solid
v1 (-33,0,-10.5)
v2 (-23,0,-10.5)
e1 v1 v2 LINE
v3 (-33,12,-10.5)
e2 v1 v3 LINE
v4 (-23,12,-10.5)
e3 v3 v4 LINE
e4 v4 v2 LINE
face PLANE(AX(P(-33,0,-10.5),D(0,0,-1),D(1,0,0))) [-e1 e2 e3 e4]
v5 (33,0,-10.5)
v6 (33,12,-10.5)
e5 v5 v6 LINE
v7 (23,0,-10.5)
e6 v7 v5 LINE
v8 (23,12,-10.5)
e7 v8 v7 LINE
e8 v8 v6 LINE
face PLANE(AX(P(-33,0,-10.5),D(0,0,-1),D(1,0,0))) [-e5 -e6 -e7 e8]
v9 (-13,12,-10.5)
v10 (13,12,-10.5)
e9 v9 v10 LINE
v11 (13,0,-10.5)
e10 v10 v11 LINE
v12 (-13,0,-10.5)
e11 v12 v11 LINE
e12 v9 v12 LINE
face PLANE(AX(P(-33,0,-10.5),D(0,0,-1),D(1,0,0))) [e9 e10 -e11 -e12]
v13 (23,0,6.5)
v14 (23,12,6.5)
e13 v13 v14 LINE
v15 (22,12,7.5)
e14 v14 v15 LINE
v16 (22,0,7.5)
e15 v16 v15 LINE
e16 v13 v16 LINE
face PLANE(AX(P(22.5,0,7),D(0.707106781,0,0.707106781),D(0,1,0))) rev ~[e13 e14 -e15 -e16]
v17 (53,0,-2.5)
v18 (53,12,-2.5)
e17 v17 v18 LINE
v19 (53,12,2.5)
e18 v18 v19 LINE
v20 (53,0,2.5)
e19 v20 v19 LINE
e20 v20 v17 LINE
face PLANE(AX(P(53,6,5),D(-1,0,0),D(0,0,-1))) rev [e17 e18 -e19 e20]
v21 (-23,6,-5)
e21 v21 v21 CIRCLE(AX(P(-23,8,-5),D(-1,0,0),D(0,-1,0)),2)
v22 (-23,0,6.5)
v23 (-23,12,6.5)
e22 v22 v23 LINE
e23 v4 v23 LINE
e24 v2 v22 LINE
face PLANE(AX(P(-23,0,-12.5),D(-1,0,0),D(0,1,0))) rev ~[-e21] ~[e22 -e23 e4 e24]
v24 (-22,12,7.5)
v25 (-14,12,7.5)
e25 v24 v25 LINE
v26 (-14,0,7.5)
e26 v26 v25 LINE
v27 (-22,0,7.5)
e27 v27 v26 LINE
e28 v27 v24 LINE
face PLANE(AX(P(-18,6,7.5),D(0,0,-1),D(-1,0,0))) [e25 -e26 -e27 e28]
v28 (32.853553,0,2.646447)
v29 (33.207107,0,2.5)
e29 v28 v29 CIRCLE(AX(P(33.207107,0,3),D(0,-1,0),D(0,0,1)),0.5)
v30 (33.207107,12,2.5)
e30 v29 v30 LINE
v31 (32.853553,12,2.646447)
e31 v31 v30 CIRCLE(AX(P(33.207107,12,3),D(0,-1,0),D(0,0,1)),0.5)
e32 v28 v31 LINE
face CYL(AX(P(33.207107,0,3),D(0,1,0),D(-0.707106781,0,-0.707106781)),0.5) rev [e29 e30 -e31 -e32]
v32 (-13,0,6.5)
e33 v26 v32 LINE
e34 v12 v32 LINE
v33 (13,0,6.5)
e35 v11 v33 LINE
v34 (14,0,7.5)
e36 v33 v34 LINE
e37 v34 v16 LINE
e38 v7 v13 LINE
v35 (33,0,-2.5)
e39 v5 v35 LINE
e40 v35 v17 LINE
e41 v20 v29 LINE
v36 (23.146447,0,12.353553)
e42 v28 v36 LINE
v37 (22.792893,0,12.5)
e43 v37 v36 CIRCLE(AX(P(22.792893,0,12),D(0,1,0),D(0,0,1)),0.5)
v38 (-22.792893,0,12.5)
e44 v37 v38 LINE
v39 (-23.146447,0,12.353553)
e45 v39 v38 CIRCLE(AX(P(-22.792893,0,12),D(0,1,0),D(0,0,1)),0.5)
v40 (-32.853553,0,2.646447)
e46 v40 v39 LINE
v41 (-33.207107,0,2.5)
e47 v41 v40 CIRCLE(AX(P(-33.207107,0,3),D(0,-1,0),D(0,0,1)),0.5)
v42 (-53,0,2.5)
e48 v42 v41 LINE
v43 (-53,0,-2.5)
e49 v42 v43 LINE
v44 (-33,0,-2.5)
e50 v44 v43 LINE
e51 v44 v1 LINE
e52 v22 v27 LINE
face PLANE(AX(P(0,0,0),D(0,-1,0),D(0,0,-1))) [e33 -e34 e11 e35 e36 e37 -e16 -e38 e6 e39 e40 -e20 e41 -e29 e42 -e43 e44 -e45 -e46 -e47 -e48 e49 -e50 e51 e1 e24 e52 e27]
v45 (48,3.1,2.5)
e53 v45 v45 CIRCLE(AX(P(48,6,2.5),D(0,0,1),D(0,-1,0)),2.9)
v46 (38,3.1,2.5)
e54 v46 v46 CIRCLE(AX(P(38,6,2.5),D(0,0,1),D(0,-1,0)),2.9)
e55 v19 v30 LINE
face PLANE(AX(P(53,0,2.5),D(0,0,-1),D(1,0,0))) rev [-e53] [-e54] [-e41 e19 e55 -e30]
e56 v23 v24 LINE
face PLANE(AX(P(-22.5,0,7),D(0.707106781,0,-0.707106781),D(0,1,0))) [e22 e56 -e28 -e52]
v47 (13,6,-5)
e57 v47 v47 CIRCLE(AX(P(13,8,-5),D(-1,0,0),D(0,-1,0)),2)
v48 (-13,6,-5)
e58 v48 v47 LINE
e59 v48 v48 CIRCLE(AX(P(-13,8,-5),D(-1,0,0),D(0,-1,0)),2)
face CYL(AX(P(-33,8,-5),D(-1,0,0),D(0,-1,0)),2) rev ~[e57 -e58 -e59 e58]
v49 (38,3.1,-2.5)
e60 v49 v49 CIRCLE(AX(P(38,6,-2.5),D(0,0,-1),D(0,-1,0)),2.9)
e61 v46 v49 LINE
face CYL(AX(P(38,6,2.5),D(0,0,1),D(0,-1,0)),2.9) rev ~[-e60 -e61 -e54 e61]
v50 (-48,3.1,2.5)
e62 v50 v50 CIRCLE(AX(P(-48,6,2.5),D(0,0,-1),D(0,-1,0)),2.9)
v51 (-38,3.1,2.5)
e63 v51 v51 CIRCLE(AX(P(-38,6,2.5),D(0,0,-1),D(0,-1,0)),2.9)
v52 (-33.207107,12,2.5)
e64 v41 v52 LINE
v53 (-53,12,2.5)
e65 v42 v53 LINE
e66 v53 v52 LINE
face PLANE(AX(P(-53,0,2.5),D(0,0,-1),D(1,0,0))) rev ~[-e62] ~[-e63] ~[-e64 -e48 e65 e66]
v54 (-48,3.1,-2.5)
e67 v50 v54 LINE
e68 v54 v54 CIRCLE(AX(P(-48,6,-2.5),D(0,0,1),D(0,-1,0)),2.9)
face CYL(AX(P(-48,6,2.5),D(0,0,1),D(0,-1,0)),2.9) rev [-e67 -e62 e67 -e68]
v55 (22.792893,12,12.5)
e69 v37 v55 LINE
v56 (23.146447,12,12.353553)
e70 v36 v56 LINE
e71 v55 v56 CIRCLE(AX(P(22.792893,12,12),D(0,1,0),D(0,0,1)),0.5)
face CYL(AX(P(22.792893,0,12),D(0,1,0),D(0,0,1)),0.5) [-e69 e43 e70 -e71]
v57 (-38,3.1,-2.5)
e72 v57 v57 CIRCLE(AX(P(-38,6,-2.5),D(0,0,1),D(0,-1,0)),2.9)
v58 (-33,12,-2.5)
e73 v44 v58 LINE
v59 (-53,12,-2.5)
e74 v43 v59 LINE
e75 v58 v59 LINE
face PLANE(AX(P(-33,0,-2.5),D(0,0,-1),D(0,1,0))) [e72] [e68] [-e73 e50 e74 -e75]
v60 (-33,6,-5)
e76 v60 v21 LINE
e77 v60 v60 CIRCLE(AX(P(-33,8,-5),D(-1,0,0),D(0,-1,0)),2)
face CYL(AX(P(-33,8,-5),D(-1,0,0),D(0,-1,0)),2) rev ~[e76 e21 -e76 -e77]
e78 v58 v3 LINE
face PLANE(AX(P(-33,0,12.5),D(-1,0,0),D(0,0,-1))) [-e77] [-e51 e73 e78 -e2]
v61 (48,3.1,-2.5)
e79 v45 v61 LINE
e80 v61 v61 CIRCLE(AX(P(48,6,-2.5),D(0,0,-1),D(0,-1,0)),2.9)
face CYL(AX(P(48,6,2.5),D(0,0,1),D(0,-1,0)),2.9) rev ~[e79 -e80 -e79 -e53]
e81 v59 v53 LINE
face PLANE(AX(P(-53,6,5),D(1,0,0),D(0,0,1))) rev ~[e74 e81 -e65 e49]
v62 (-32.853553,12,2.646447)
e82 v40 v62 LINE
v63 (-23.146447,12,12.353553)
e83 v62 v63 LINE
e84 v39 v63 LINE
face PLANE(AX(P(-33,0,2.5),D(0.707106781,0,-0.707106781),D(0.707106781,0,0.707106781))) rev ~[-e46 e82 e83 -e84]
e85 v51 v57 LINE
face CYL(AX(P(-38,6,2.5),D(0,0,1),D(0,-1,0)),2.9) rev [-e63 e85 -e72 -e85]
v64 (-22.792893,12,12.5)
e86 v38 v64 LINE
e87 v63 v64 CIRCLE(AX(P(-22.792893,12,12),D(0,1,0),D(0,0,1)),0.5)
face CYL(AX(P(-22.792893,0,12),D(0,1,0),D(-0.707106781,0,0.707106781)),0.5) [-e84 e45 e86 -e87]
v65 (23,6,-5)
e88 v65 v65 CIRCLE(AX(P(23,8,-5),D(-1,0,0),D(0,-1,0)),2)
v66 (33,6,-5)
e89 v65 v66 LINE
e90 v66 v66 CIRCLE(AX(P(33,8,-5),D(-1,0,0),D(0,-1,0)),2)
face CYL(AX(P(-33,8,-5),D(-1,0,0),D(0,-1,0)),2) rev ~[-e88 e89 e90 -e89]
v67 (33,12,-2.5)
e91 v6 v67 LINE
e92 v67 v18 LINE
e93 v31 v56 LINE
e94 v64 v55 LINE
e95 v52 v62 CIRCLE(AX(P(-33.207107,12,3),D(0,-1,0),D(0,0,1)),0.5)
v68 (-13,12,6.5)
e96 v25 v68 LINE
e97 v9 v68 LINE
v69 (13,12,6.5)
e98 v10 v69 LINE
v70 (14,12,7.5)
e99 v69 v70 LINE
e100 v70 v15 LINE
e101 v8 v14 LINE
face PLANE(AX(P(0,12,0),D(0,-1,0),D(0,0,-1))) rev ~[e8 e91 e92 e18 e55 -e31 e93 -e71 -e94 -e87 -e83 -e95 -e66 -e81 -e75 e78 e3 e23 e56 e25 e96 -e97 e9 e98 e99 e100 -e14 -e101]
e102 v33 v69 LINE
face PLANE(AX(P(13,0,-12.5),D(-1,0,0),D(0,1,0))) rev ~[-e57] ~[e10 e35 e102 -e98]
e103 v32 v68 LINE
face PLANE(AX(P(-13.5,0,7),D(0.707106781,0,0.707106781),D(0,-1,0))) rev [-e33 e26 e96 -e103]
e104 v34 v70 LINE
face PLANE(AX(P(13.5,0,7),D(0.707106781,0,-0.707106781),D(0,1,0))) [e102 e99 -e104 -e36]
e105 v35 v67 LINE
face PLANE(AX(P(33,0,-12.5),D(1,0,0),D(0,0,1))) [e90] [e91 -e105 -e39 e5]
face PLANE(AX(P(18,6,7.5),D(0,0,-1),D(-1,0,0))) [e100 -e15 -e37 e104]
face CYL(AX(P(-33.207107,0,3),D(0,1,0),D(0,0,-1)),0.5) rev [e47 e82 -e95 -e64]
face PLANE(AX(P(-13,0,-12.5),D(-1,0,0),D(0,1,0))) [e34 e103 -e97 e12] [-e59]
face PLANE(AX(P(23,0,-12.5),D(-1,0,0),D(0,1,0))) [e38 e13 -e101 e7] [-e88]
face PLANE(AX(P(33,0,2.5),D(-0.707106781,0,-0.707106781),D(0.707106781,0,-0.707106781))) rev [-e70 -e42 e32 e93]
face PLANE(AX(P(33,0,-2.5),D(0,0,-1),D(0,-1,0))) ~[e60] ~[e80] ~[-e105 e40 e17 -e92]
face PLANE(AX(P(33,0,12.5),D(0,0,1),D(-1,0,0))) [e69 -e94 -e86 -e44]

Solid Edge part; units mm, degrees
sketch "Sketch1" plane through (0, 0, 0) normal (0, -1, 0) x (1, 0, 0)
  line L0 (-33, -12.5) -> (33, -12.5)
  line L1 (33, -12.5) -> (33, 12.5)
  line L2 (33, 12.5) -> (-33, 12.5)
  line L3 (-33, 12.5) -> (-33, -12.5)
  dimension "D1" = 66
  dimension "D2" = 25
extrude "Protrusion1" add sketch "Sketch1" against normal blind 12
sketch "Sketch2" plane through (0, 6, -12.5) normal (0, 0, -1) x (1, 0, 0)
  line L0 (-23, 6) -> (-23, -6)
  line L1 (-23, -6) -> (-13, -6)
  line L2 (-13, 6) -> (-13, -6)
  line L3 (-23, 6) -> (-13, 6)
  line L4 (13, 6) -> (13, -6)
  line L5 (13, -6) -> (23, -6)
  line L6 (23, 6) -> (23, -6)
  line L7 (13, 6) -> (23, 6)
  dimension "D1" = 10
  dimension "D2" = 10
  dimension "D3" = 10
  dimension "D4" = 46
extrude "Extrusionsausschnitt_1" cut sketch "Sketch2" against normal blind 20
sketch "Sketch3" plane through (-33, 6, 0) normal (-1, 0, 0) x (0, -1, 0)
  line L0 (-6, 12.5) -> (6, 12.5)
  line L1 (6, 12.5) -> (6, -2.5)
  line L2 (6, -2.5) -> (-6, -2.5)
  line L3 (-6, -2.5) -> (-6, 12.5)
  dimension "D1" = 10
extrude "Extrusionsausprägung_2" add sketch "Sketch3" along normal blind 20
mirror "Mirror1" about plane through (0, 0, 0) normal (1, 0, 0) of "Extrusionsausprägung_2"
sketch "Sketch4" plane through (-33, 6, -3) normal (-1, 0, 0) x (0, -1, 0)
  circle A0 centre (-2, -2) radius 2
  dimension "D1" = 4
  dimension "D2" = 2.5
  dimension "D3" = 4
extrude "Extrusionsausschnitt_2" cut sketch "Sketch4" against normal blind 113.0381
sketch "Sketch5" plane through (0, 0, 0) normal (0, -1, 0) x (1, 0, 0)
  line L0 (-33, -10.5) -> (33, -10.5)
  dimension "D1" = 8
extrude "Extrusionsausschnitt_3" cut sketch "Sketch5" against normal blind 62.4108 material side at (0, 0, -10.55)
sketch "Sketch6" plane through (0, 0, 1) normal (0, -1, 0) x (1, 0, 0)
  line L0 (-53, 1.5) -> (-33, 1.5)
  line L1 (-33, 1.5) -> (-23, 11.5)
  dimension "D1" = 20
  dimension "D2" = 5
extrude "Extrusionsausschnitt_4" cut sketch "Sketch6" against normal blind 64.7066 material side at (-43, 0, 2.55)
hole "Bohrung_1" at (-48, 6, 2.5) direction (0, 0, -1) diameter 5.8 end up to next
hole "Hole1" at (-38, 6, 2.5) direction (0, 0, -1) diameter 5.8 end up to next
fillet "Verrundung_1" radius 0.5 2 edges at (-33, 6, 2.5) (-23, 6, 12.5)
chamfer "Fase_1" distance 1 angle 45 4 edges at (-23, 6, 7.5) (-13, 6, 7.5) (13, 6, 7.5) (23, 6, 7.5)
mirror "Mirror2" about plane through (0, 0, 0) normal (1, 0, 0) of "Extrusionsausschnitt_4", "Bohrung_1", "Hole1"
fillet "Round1" radius 0.5 2 edges at (33, 6, 2.5) (23, 6, 12.5)
chamfer "Chamfer1" [suppressed]
properties material "Aluminiumlegierung:3.0205, Al 99.0, EN-AW 1200"
